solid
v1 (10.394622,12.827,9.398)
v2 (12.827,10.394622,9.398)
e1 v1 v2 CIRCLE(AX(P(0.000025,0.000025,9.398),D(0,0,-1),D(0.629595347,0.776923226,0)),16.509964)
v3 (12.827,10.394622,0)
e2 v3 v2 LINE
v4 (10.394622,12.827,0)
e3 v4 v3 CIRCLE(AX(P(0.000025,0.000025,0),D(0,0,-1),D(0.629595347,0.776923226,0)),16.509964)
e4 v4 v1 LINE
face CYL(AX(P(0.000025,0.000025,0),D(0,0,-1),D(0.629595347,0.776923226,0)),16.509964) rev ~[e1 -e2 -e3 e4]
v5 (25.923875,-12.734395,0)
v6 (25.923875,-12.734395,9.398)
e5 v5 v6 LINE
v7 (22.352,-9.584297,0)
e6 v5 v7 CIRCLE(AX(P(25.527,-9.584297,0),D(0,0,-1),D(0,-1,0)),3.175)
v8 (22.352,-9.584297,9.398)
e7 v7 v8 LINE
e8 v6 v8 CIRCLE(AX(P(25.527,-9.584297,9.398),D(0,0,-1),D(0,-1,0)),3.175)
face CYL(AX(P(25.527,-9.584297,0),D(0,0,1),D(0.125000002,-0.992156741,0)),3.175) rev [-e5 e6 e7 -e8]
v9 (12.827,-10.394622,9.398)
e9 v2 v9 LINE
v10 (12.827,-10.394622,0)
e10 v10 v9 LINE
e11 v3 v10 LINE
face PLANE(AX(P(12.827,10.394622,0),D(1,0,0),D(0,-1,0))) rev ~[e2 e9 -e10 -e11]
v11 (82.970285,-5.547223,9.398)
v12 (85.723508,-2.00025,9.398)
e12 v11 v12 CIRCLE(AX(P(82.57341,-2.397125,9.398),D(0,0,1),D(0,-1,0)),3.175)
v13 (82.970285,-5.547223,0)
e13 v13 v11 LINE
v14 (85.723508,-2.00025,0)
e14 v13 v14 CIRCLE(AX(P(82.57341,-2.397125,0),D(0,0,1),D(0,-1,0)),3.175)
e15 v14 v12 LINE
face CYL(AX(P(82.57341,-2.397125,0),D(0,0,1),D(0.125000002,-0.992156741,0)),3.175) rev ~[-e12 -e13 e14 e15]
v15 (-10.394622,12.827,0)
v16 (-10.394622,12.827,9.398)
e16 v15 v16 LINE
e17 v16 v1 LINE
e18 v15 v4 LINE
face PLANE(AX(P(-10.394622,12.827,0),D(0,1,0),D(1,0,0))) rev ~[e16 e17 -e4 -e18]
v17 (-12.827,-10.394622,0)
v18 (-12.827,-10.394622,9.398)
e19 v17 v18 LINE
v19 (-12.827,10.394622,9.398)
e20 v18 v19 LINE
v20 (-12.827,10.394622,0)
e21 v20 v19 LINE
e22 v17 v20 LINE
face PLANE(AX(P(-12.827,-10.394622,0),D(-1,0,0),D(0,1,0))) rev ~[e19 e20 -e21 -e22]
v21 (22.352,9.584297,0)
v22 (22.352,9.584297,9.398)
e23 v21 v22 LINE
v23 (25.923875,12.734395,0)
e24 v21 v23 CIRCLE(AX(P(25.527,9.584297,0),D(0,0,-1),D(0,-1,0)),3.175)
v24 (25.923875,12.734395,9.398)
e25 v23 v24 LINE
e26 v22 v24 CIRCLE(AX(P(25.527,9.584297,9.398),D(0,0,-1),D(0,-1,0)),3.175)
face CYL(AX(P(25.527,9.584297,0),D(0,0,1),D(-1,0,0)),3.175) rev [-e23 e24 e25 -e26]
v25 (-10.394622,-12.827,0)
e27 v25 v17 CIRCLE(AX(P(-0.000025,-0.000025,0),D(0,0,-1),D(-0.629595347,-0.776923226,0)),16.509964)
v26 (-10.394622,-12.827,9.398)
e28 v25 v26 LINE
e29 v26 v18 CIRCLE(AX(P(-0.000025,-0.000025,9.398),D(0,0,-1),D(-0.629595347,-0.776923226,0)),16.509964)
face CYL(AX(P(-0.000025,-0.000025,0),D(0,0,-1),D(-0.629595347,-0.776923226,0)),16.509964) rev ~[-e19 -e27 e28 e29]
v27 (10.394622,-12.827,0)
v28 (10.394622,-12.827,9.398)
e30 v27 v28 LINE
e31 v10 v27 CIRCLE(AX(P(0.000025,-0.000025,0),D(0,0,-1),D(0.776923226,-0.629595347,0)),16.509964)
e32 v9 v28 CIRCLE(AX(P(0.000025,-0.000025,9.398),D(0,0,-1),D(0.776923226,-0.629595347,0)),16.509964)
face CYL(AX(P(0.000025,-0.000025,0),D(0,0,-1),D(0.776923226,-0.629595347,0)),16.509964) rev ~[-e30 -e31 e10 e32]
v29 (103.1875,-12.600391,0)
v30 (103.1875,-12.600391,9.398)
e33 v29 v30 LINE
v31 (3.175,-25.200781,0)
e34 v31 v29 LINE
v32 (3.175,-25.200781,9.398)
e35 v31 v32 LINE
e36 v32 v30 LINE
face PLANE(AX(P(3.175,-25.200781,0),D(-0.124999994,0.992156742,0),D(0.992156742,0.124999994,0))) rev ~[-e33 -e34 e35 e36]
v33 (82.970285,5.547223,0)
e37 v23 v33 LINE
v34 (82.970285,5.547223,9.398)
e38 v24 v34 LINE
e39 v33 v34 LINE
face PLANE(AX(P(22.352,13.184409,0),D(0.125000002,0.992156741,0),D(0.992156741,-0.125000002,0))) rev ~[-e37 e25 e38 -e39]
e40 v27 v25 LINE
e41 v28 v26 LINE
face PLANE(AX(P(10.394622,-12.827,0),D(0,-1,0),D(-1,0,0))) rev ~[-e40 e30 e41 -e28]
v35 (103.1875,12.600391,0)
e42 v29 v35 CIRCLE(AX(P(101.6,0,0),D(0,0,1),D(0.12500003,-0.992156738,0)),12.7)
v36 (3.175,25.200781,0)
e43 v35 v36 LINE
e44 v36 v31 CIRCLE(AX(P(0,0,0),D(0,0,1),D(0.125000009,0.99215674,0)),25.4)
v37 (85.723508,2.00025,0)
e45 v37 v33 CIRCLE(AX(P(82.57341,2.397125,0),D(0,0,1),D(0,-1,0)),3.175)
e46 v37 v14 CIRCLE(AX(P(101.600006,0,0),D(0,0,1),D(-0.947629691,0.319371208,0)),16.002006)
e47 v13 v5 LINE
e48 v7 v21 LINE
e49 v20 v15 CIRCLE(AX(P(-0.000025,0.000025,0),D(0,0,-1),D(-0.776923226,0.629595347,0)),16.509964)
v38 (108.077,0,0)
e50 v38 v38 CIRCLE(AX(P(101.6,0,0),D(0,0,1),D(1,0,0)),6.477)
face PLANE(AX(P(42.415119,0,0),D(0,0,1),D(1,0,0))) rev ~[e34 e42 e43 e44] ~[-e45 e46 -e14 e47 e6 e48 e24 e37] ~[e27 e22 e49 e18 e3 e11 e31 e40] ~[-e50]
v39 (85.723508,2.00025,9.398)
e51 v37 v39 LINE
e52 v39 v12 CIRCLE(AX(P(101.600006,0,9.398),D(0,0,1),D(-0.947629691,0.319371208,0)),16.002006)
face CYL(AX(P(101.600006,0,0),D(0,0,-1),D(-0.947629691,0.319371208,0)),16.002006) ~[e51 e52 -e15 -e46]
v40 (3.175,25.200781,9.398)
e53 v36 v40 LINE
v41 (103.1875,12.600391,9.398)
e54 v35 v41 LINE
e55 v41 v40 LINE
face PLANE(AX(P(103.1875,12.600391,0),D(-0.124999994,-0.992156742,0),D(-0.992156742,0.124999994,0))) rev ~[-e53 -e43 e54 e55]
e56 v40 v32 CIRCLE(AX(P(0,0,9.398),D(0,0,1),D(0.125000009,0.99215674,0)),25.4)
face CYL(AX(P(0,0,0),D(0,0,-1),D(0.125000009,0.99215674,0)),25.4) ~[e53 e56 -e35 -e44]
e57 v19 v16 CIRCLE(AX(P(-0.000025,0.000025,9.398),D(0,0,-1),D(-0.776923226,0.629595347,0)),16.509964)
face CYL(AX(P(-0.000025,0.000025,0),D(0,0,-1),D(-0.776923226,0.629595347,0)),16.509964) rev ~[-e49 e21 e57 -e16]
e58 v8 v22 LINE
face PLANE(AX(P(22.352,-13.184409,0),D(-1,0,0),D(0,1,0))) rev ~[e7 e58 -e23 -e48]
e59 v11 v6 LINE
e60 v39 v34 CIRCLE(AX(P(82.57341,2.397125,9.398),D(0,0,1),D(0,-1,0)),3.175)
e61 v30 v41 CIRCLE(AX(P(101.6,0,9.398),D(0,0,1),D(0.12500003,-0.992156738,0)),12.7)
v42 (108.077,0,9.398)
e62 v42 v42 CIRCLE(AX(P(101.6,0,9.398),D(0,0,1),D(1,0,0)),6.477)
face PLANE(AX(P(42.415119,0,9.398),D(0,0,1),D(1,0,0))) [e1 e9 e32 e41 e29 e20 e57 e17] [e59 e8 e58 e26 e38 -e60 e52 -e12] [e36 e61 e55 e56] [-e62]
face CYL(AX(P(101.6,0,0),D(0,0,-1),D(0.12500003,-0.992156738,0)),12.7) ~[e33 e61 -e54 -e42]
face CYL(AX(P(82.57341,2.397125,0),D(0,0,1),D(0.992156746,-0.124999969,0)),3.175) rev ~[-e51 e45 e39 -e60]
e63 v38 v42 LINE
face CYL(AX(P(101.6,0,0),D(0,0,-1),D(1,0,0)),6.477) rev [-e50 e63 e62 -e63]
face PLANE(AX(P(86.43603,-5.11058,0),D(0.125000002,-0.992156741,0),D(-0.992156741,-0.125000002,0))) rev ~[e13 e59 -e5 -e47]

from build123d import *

# Parameters (mm, degrees)
F0_R     = 6.477
F1_DEPTH = 9.398
F2_R     = 3.175


with BuildPart() as f1:
    # F0 (on Top) → F1 (new body)
    with BuildSketch(Plane.XY):
        with BuildLine():
            Line((103.1875, 12.600391), (3.175, 25.200781))
            ThreePointArc((3.175, 25.200781), (-25.4, 0), (3.175, -25.200781))
            Line((3.175, -25.200781), (103.1875, -12.600391))
            ThreePointArc((103.1875, -12.600391), (114.3, 0), (103.1875, 12.600391))
        make_face()
        with BuildLine():
            Line((-10.394622, 12.827), (10.394622, 12.827))
            ThreePointArc((10.394622, 12.827), (11.674333, 11.674333), (12.827, 10.394622))
            Line((12.827, 10.394622), (12.827, -10.394622))
            ThreePointArc((12.827, -10.394622), (11.674333, -11.674333), (10.394622, -12.827))
            Line((10.394622, -12.827), (-10.394622, -12.827))
            ThreePointArc((-10.394622, -12.827), (-11.674333, -11.674333), (-12.827, -10.394622))
            Line((-12.827, -10.394622), (-12.827, 10.394622))
            ThreePointArc((-12.827, 10.394622), (-11.674333, 11.674333), (-10.394622, 12.827))
        make_face(mode=Mode.SUBTRACT)
        with BuildLine():
            Line((22.352, -13.184409), (22.352, 13.184409))
            Line((22.352, 13.184409), (86.43603, 5.11058))
            ThreePointArc((86.43603, 5.11058), (85.598, 0), (86.43603, -5.11058))
            Line((86.43603, -5.11058), (22.352, -13.184409))
        make_face(mode=Mode.SUBTRACT)
        with Locations((101.6, 0)):
            Circle(F0_R, mode=Mode.SUBTRACT)
    extrude(amount=F1_DEPTH)

    # F2
    f2_edges = [f1.edges().sort_by_distance(p)[0] for p in [
        (22.352, 13.184409, 4.699),
        (22.352, -13.184409, 4.699),
        (86.43603, 5.11058, 4.699),
        (86.43603, -5.11058, 4.699),
    ]]
    fillet(f2_edges, radius=F2_R)


solid = f1.part
